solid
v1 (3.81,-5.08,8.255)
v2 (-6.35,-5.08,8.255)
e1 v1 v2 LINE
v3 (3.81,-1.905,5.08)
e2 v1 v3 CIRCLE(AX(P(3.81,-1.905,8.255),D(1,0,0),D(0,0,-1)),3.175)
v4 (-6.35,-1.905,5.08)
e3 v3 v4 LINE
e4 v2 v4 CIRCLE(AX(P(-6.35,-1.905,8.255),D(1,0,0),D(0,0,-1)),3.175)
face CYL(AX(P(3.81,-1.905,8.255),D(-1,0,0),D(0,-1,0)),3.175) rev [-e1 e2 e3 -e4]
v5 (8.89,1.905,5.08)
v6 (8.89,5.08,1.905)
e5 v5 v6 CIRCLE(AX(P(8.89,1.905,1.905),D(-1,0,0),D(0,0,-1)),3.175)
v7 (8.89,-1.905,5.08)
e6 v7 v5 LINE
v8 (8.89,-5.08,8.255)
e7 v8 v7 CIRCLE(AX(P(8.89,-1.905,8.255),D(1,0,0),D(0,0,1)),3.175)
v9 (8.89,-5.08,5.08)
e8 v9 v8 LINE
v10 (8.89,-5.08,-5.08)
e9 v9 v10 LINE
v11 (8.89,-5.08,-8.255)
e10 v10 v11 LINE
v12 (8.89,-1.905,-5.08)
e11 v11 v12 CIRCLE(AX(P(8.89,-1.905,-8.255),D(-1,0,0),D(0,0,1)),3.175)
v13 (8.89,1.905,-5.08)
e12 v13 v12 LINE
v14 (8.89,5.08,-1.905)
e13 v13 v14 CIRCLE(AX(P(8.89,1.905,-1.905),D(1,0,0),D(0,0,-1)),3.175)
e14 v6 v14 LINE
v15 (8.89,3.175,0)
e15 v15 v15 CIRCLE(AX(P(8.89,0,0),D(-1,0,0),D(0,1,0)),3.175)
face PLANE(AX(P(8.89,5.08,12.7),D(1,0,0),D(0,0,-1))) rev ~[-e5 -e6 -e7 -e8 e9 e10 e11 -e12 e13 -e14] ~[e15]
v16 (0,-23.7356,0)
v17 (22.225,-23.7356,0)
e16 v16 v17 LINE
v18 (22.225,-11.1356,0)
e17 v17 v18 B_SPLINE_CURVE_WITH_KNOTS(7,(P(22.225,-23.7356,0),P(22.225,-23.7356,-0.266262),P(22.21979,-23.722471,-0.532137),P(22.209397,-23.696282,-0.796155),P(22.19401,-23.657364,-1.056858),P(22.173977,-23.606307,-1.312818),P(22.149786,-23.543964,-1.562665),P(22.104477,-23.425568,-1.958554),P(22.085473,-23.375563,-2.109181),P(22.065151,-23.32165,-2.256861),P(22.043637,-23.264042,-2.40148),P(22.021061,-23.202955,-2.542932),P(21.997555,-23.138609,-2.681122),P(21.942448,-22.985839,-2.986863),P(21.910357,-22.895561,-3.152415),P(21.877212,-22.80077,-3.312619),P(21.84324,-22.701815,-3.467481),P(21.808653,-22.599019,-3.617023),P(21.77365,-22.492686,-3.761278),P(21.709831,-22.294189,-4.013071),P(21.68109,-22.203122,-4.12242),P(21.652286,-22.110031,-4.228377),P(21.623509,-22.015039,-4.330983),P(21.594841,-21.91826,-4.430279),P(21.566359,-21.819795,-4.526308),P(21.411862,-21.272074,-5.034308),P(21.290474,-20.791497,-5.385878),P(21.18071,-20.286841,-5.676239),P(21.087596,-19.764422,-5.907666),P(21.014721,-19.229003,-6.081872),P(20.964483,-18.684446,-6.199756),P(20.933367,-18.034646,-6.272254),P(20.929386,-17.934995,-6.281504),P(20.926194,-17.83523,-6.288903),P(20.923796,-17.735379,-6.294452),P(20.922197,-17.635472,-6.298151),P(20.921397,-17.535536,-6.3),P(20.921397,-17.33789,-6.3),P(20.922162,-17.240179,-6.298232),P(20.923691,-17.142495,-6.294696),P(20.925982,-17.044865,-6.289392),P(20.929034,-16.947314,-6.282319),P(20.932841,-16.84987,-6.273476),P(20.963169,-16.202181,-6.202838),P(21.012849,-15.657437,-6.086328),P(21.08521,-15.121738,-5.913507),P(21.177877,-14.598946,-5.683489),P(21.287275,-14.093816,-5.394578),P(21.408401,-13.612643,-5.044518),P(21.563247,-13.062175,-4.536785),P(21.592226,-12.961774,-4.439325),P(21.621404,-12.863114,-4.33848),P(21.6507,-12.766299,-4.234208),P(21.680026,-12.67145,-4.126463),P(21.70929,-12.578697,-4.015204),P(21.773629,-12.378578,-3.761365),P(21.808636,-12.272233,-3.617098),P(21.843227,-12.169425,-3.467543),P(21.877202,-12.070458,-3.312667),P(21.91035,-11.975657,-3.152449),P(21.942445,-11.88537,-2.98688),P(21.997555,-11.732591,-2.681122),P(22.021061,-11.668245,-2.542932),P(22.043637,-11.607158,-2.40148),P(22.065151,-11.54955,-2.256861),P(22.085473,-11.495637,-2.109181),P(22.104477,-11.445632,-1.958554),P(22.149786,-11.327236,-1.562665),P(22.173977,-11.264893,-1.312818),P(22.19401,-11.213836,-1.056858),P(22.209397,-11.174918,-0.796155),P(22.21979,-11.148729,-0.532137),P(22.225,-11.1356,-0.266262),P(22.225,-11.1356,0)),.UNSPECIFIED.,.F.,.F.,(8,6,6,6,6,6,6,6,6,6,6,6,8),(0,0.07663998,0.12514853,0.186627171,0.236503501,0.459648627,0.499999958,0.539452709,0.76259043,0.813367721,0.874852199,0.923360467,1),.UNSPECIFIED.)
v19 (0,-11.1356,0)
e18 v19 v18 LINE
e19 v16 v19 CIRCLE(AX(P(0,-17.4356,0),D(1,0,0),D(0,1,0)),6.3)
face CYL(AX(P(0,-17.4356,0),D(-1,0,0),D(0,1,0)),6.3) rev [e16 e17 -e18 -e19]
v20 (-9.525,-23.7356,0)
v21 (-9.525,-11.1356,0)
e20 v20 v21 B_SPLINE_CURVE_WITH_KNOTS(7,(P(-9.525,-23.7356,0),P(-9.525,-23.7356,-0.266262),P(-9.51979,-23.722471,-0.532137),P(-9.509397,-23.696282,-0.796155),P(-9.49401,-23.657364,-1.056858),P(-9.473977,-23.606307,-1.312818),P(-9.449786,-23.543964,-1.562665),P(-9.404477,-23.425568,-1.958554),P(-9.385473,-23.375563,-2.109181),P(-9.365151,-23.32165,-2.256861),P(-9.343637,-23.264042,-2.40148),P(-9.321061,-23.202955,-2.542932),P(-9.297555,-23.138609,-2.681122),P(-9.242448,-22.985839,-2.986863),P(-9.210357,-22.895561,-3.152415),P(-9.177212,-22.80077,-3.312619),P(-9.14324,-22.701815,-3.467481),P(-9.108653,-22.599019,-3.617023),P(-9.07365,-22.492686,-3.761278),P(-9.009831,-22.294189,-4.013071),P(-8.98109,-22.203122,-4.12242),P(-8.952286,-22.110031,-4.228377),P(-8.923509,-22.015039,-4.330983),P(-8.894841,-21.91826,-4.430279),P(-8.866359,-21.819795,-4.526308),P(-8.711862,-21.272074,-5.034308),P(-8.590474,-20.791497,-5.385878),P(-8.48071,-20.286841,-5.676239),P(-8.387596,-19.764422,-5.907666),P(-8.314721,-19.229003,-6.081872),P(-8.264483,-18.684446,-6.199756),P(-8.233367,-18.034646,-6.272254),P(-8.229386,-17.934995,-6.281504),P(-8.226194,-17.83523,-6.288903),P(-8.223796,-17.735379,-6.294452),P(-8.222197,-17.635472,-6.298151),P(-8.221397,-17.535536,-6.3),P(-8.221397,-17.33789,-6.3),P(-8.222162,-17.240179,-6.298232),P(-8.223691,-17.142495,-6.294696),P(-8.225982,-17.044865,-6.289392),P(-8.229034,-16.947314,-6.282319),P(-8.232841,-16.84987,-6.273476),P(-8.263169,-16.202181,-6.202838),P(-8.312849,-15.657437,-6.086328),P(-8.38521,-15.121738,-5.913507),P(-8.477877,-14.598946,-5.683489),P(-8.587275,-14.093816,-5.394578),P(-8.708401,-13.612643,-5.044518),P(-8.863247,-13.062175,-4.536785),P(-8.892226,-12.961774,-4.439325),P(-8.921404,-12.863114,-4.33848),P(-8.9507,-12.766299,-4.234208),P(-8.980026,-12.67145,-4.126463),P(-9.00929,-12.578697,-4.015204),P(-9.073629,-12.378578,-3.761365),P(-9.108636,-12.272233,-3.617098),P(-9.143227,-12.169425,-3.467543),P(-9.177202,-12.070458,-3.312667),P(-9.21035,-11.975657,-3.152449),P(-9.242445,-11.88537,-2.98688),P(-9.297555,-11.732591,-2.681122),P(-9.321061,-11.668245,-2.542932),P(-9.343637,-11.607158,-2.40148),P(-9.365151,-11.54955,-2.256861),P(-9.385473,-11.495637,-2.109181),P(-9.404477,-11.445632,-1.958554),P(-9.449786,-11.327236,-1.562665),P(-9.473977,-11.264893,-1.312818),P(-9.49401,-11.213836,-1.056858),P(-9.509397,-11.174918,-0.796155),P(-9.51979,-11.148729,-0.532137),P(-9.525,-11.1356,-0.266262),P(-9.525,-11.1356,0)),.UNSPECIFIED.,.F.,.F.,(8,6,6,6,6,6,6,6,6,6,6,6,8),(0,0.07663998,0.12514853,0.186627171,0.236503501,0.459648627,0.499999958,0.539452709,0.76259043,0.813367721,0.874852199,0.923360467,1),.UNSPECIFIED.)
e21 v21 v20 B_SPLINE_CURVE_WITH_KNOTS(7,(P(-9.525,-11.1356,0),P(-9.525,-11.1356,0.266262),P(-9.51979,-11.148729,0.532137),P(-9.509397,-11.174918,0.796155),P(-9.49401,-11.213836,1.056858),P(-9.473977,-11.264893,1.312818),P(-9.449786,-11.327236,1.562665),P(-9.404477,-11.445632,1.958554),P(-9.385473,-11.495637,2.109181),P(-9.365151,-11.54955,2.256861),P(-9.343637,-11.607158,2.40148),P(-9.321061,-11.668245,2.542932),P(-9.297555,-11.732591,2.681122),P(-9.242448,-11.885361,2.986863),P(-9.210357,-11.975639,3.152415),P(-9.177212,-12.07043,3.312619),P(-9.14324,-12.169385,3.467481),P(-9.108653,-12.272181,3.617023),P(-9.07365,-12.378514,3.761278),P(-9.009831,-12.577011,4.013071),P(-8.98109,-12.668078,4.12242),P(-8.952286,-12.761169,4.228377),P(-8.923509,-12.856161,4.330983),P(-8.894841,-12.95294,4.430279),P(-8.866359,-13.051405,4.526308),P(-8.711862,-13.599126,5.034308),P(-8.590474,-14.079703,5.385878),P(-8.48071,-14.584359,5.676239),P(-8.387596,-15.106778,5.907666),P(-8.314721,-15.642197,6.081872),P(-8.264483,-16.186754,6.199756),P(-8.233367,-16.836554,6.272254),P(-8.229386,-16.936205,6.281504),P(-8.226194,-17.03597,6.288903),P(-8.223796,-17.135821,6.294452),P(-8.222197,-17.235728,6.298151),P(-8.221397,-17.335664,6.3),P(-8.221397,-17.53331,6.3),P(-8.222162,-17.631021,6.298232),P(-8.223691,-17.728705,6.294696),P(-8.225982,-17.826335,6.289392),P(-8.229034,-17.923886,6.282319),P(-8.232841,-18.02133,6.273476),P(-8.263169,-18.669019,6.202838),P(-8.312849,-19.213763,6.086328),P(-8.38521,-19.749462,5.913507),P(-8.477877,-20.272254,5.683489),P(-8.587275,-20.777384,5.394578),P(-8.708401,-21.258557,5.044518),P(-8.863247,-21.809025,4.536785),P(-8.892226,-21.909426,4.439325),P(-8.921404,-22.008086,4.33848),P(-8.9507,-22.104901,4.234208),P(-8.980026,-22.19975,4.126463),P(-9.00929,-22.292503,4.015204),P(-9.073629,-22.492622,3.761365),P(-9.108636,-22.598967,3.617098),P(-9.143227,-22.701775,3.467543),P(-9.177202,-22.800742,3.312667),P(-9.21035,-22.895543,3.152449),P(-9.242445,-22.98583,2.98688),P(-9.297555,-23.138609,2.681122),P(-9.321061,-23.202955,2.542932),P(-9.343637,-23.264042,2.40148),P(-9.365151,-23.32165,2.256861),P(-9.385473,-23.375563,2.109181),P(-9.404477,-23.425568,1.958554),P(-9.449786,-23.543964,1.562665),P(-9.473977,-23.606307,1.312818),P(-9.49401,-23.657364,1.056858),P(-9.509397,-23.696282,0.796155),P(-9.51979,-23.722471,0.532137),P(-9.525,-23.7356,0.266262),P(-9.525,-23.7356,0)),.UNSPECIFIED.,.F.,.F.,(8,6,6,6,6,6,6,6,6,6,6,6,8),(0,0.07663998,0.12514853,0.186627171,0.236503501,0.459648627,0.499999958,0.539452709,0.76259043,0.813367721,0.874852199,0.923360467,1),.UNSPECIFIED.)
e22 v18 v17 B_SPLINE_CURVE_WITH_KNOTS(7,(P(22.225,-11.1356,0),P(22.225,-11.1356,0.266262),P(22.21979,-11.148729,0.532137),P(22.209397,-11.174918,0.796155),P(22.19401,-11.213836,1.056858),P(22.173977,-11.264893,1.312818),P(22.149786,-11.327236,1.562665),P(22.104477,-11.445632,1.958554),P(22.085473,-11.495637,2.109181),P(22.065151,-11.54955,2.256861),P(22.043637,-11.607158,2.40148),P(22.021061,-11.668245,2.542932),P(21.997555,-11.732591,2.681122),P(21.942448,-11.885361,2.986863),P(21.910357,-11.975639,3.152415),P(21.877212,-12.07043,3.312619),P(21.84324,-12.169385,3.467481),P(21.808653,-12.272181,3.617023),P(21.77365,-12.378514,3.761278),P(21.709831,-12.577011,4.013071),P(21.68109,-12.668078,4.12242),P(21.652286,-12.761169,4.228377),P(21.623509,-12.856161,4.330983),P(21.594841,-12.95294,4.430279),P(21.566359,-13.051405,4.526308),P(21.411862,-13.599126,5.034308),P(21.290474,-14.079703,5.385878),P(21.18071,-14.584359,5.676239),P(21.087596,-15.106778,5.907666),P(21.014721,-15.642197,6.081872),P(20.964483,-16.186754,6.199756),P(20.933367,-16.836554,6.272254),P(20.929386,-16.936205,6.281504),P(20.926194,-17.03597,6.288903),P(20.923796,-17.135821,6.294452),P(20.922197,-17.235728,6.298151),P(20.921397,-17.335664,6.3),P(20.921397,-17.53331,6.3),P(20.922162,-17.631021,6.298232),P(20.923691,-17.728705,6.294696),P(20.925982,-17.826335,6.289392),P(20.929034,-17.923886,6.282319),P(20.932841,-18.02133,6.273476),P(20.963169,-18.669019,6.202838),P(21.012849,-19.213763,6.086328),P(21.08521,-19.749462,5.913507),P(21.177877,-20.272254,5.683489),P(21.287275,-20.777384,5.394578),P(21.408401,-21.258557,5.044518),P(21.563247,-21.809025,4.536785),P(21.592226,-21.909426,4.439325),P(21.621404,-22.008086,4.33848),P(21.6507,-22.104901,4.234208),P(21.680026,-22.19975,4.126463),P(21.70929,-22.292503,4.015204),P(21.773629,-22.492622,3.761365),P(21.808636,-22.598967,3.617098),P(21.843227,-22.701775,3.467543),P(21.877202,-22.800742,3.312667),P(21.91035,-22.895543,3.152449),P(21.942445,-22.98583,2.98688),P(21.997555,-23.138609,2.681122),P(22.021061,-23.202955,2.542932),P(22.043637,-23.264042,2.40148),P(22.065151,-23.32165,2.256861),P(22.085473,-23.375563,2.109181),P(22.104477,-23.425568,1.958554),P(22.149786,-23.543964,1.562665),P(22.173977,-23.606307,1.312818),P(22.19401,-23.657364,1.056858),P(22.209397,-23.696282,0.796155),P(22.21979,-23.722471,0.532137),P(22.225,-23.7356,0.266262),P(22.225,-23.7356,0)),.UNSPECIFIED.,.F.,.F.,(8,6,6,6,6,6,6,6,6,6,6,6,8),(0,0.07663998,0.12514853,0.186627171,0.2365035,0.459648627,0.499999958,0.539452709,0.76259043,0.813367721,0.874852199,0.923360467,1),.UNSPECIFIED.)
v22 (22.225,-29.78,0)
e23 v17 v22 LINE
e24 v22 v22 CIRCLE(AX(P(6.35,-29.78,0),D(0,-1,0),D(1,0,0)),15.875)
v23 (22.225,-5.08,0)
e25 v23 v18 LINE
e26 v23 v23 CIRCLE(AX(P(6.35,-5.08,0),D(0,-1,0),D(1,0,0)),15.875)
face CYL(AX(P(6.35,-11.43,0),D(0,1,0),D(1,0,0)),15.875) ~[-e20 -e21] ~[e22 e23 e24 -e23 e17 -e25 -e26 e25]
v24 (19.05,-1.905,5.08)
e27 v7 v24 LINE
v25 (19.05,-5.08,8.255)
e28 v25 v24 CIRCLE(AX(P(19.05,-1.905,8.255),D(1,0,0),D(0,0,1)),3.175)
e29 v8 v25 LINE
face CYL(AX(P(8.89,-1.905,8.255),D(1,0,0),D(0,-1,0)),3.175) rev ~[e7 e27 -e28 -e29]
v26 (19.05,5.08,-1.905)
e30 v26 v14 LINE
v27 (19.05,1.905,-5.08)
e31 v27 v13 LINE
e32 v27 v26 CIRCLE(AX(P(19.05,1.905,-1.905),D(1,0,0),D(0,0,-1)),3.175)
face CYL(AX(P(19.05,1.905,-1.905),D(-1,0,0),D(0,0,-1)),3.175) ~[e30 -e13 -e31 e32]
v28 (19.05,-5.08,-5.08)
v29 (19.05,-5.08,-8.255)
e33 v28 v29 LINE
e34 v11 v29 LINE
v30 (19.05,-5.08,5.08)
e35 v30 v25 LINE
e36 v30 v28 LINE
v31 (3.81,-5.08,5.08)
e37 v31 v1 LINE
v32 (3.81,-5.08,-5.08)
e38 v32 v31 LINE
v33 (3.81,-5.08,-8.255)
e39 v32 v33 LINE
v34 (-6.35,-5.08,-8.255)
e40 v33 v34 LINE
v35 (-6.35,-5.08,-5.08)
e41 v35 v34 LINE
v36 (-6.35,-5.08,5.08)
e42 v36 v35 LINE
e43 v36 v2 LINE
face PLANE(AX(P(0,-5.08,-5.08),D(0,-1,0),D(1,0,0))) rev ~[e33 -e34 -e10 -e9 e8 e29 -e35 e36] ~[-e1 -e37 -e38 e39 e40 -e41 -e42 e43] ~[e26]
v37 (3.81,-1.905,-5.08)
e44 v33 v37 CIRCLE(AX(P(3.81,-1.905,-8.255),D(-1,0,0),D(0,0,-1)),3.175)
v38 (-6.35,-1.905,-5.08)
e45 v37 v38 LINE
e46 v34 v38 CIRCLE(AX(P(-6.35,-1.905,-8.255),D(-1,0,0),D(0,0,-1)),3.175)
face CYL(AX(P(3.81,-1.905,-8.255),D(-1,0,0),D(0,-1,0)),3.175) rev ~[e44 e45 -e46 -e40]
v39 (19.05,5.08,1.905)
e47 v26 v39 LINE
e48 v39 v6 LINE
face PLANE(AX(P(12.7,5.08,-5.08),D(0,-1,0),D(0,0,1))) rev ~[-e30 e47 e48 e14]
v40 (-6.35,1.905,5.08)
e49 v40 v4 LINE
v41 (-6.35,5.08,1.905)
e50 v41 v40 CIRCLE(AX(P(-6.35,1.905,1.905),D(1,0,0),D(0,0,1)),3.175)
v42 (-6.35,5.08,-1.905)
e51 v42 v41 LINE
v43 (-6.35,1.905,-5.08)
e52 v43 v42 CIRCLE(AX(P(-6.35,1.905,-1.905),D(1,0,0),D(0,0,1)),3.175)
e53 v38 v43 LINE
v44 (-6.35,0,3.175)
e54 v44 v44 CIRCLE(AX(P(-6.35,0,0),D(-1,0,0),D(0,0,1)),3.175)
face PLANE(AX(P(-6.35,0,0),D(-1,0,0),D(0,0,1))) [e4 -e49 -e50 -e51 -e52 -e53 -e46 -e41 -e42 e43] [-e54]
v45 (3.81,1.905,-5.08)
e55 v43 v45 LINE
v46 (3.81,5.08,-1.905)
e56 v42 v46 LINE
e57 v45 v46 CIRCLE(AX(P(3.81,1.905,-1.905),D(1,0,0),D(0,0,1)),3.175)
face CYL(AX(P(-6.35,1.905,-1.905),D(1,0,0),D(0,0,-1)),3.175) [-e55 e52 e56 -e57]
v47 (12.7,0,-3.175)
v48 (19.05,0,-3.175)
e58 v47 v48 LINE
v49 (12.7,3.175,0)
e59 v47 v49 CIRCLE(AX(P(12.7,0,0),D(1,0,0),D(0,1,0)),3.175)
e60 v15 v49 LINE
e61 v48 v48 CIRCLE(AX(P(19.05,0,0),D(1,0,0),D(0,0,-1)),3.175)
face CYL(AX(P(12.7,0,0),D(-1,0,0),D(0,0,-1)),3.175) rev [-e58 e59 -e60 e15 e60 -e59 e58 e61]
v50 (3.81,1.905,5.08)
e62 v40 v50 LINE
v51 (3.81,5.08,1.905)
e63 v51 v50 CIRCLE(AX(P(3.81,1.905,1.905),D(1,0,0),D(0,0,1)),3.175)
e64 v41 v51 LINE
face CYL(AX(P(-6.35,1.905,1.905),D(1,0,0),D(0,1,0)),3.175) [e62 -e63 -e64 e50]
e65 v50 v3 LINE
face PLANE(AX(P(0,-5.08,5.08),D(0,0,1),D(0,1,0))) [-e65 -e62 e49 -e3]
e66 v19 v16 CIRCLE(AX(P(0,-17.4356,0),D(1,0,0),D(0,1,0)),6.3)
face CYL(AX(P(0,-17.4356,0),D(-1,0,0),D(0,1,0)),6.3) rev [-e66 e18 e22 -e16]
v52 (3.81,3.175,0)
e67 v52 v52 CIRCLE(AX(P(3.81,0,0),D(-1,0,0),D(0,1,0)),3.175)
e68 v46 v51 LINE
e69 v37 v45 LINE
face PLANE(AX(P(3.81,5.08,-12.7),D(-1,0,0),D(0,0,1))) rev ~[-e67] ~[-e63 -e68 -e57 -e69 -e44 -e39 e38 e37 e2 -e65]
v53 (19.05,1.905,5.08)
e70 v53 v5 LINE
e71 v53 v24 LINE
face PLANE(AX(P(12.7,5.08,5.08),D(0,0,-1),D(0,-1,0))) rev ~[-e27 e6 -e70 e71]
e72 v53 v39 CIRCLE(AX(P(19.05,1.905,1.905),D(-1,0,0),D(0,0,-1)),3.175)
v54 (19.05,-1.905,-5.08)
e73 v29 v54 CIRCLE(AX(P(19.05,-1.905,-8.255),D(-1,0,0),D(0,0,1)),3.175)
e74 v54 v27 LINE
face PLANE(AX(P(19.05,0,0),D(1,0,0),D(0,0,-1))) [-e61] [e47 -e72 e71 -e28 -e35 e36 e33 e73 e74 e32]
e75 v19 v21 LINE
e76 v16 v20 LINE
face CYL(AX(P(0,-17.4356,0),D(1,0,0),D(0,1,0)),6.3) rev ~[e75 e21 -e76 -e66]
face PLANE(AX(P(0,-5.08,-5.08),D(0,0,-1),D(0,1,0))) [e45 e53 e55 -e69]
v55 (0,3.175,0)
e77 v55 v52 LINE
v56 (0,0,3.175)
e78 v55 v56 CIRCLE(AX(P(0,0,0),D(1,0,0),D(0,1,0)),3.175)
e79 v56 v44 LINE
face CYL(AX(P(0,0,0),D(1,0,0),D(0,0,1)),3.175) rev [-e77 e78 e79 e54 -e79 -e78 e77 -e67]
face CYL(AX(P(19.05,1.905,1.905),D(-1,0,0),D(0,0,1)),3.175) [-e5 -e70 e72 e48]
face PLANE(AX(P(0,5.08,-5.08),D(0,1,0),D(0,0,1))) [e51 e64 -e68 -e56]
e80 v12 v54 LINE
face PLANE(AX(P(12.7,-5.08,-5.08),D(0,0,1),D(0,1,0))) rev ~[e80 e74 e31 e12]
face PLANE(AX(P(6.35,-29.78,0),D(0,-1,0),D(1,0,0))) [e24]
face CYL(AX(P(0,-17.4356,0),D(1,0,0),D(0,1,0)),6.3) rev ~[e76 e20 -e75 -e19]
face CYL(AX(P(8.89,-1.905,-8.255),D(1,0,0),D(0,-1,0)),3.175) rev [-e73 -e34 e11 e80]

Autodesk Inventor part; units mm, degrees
ref_plane "YZ Plane" through (0, 0, 0) normal (1, 0, 0) x (0, 1, 0)
ref_plane "XZ Plane" through (0, 0, 0) normal (0, 1, 0) x (-1, 0, 0)
ref_plane "XY Plane" through (0, 0, 0) normal (0, 0, 1) x (1, 0, 0)
sketch "Sketch1" plane through (0, 0, 0) normal (1, 0, 0) x (0, 1, 0)
  circle A0 centre (0, 0) radius 3.175
  line L0 (-5.08, 5.08) -> (5.08, 5.08)
  line L1 (5.08, 5.08) -> (5.08, -5.08)
  line L2 (5.08, -5.08) -> (-5.08, -5.08)
  line L3 (-5.08, -5.08) -> (-5.08, 5.08)
  line L4 (-5.08, 5.08) -> (5.08, -5.08) construction
  line L5 (5.08, 5.08) -> (-5.08, -5.08) construction
  dimension "d0" = 6.35
  dimension "d1" = 10.16
  dimension "d2" = 10.16
extrude "Extrusion1" add sketch "Sketch1" along normal blind 12.7
sketch "Sketch2" plane through (0, -5.08, -5.08) normal (0, -1, 0) x (1, 0, 0)
  line L0 (-19.05, 30.48) -> (31.75, 30.48)
  line L1 (31.75, 30.48) -> (31.75, -20.32)
  line L2 (31.75, -20.32) -> (-19.05, -20.32)
  line L3 (-19.05, -20.32) -> (-19.05, 30.48)
  line L4 (-19.05, 30.48) -> (31.75, -20.32) construction
  line L5 (31.75, 30.48) -> (-19.05, -20.32) construction
  circle A0 centre (6.35, 5.08) radius 15.875
  point P0 (0, 5.08)
  dimension "d7" = 50.8
  dimension "d8" = 50.8
  dimension "d9" = 31.75
extrude "Extrusion2" add sketch "Sketch2" along normal blind 6.35 contours A0
sketch "Sketch3" plane through (0, 5.08, 5.08) normal (0, 1, 0) x (1, 0, 0)
  line L0 (8.89, 17.78) -> (3.81, 17.78)
  line L1 (3.81, 17.78) -> (3.81, -7.62)
  line L2 (3.81, -7.62) -> (8.89, -7.62)
  line L3 (8.89, -7.62) -> (8.89, 17.78)
  line L4 (8.89, 17.78) -> (3.81, -7.62) construction
  line L5 (3.81, 17.78) -> (8.89, -7.62) construction
  line L6 (12.7, 10.16) -> (12.7, 0) projected
  point P0 (0, 5.08)
  point P1 (6.35, 5.08)
  dimension "d12" = 5.08
  dimension "d13" = 25.4
  dimension "d42" = 6.35
extrude "Extrusion3" cut sketch "Sketch3" against normal up to surface (10.16 mm away)
sketch "Sketch5" plane through (12.7, 0, 0) normal (1, 0, 0) x (0, 0, -1)
  line L0 (5.08, -5.08) -> (5.08, 5.08) projected
  line L1 (5.08, 5.08) -> (-5.08, 5.08) projected
  line L2 (-5.08, 5.08) -> (-5.08, -5.08) projected
  line L3 (-5.08, -5.08) -> (5.08, -5.08) projected
  circle A0 centre (0, 0) radius 3.175 projected
extrude "Extrusion4" add sketch "Sketch5" along normal blind 6.35
sketch "Sketch6" plane through (0, 0, 0) normal (-1, 0, 0) x (0, 0, 1)
  line L0 (-5.08, -5.08) -> (-5.08, 5.08) projected
  line L1 (5.08, -5.08) -> (-5.08, -5.08) projected
  line L2 (5.08, 5.08) -> (5.08, -5.08) projected
  line L3 (-5.08, 5.08) -> (5.08, 5.08) projected
  circle A0 centre (0, 0) radius 3.175 projected
extrude "Extrusion5" add sketch "Sketch6" along normal blind 6.35
fillet "Fillet3" radius 3.175 4 edges at (-1.27, 5.08, -5.08) (13.97, 5.08, -5.08) (-1.27, 5.08, 5.08) (13.97, 5.08, 5.08)
sketch "Sketch10" plane through (6.35, -11.43, 0) normal (0, -1, 0) x (1, 0, 0)
  circle A0 centre (0, 0) radius 15.875 projected
  point P0 (-6.35, 0)
extrude "Extrusion9" add sketch "Sketch10" along normal blind 18.35
sketch "Sketch11" plane through (0, 0, 0) normal (1, 0, 0) x (0, 1, 0)
  line L0 (-29.78, 15.875) -> (-29.78, -15.875) projected
  line L1 (-29.78, 0) -> (-17.4356, 0)
  circle A0 centre (-17.4356, 0) radius 6.3
  point P0 (0, 0)
  dimension "d37" = 12.3444
  dimension "d38" = 12.6
extrude "Extrusion10" cut sketch "Sketch11" along normal mid plane 127
fillet "Fillet9" radius 3.175 4 edges at (13.97, -5.08, -5.08) (-1.27, -5.08, -5.08) (-1.27, -5.08, 5.08) (13.97, -5.08, 5.08)
properties part number "TubeMount"
